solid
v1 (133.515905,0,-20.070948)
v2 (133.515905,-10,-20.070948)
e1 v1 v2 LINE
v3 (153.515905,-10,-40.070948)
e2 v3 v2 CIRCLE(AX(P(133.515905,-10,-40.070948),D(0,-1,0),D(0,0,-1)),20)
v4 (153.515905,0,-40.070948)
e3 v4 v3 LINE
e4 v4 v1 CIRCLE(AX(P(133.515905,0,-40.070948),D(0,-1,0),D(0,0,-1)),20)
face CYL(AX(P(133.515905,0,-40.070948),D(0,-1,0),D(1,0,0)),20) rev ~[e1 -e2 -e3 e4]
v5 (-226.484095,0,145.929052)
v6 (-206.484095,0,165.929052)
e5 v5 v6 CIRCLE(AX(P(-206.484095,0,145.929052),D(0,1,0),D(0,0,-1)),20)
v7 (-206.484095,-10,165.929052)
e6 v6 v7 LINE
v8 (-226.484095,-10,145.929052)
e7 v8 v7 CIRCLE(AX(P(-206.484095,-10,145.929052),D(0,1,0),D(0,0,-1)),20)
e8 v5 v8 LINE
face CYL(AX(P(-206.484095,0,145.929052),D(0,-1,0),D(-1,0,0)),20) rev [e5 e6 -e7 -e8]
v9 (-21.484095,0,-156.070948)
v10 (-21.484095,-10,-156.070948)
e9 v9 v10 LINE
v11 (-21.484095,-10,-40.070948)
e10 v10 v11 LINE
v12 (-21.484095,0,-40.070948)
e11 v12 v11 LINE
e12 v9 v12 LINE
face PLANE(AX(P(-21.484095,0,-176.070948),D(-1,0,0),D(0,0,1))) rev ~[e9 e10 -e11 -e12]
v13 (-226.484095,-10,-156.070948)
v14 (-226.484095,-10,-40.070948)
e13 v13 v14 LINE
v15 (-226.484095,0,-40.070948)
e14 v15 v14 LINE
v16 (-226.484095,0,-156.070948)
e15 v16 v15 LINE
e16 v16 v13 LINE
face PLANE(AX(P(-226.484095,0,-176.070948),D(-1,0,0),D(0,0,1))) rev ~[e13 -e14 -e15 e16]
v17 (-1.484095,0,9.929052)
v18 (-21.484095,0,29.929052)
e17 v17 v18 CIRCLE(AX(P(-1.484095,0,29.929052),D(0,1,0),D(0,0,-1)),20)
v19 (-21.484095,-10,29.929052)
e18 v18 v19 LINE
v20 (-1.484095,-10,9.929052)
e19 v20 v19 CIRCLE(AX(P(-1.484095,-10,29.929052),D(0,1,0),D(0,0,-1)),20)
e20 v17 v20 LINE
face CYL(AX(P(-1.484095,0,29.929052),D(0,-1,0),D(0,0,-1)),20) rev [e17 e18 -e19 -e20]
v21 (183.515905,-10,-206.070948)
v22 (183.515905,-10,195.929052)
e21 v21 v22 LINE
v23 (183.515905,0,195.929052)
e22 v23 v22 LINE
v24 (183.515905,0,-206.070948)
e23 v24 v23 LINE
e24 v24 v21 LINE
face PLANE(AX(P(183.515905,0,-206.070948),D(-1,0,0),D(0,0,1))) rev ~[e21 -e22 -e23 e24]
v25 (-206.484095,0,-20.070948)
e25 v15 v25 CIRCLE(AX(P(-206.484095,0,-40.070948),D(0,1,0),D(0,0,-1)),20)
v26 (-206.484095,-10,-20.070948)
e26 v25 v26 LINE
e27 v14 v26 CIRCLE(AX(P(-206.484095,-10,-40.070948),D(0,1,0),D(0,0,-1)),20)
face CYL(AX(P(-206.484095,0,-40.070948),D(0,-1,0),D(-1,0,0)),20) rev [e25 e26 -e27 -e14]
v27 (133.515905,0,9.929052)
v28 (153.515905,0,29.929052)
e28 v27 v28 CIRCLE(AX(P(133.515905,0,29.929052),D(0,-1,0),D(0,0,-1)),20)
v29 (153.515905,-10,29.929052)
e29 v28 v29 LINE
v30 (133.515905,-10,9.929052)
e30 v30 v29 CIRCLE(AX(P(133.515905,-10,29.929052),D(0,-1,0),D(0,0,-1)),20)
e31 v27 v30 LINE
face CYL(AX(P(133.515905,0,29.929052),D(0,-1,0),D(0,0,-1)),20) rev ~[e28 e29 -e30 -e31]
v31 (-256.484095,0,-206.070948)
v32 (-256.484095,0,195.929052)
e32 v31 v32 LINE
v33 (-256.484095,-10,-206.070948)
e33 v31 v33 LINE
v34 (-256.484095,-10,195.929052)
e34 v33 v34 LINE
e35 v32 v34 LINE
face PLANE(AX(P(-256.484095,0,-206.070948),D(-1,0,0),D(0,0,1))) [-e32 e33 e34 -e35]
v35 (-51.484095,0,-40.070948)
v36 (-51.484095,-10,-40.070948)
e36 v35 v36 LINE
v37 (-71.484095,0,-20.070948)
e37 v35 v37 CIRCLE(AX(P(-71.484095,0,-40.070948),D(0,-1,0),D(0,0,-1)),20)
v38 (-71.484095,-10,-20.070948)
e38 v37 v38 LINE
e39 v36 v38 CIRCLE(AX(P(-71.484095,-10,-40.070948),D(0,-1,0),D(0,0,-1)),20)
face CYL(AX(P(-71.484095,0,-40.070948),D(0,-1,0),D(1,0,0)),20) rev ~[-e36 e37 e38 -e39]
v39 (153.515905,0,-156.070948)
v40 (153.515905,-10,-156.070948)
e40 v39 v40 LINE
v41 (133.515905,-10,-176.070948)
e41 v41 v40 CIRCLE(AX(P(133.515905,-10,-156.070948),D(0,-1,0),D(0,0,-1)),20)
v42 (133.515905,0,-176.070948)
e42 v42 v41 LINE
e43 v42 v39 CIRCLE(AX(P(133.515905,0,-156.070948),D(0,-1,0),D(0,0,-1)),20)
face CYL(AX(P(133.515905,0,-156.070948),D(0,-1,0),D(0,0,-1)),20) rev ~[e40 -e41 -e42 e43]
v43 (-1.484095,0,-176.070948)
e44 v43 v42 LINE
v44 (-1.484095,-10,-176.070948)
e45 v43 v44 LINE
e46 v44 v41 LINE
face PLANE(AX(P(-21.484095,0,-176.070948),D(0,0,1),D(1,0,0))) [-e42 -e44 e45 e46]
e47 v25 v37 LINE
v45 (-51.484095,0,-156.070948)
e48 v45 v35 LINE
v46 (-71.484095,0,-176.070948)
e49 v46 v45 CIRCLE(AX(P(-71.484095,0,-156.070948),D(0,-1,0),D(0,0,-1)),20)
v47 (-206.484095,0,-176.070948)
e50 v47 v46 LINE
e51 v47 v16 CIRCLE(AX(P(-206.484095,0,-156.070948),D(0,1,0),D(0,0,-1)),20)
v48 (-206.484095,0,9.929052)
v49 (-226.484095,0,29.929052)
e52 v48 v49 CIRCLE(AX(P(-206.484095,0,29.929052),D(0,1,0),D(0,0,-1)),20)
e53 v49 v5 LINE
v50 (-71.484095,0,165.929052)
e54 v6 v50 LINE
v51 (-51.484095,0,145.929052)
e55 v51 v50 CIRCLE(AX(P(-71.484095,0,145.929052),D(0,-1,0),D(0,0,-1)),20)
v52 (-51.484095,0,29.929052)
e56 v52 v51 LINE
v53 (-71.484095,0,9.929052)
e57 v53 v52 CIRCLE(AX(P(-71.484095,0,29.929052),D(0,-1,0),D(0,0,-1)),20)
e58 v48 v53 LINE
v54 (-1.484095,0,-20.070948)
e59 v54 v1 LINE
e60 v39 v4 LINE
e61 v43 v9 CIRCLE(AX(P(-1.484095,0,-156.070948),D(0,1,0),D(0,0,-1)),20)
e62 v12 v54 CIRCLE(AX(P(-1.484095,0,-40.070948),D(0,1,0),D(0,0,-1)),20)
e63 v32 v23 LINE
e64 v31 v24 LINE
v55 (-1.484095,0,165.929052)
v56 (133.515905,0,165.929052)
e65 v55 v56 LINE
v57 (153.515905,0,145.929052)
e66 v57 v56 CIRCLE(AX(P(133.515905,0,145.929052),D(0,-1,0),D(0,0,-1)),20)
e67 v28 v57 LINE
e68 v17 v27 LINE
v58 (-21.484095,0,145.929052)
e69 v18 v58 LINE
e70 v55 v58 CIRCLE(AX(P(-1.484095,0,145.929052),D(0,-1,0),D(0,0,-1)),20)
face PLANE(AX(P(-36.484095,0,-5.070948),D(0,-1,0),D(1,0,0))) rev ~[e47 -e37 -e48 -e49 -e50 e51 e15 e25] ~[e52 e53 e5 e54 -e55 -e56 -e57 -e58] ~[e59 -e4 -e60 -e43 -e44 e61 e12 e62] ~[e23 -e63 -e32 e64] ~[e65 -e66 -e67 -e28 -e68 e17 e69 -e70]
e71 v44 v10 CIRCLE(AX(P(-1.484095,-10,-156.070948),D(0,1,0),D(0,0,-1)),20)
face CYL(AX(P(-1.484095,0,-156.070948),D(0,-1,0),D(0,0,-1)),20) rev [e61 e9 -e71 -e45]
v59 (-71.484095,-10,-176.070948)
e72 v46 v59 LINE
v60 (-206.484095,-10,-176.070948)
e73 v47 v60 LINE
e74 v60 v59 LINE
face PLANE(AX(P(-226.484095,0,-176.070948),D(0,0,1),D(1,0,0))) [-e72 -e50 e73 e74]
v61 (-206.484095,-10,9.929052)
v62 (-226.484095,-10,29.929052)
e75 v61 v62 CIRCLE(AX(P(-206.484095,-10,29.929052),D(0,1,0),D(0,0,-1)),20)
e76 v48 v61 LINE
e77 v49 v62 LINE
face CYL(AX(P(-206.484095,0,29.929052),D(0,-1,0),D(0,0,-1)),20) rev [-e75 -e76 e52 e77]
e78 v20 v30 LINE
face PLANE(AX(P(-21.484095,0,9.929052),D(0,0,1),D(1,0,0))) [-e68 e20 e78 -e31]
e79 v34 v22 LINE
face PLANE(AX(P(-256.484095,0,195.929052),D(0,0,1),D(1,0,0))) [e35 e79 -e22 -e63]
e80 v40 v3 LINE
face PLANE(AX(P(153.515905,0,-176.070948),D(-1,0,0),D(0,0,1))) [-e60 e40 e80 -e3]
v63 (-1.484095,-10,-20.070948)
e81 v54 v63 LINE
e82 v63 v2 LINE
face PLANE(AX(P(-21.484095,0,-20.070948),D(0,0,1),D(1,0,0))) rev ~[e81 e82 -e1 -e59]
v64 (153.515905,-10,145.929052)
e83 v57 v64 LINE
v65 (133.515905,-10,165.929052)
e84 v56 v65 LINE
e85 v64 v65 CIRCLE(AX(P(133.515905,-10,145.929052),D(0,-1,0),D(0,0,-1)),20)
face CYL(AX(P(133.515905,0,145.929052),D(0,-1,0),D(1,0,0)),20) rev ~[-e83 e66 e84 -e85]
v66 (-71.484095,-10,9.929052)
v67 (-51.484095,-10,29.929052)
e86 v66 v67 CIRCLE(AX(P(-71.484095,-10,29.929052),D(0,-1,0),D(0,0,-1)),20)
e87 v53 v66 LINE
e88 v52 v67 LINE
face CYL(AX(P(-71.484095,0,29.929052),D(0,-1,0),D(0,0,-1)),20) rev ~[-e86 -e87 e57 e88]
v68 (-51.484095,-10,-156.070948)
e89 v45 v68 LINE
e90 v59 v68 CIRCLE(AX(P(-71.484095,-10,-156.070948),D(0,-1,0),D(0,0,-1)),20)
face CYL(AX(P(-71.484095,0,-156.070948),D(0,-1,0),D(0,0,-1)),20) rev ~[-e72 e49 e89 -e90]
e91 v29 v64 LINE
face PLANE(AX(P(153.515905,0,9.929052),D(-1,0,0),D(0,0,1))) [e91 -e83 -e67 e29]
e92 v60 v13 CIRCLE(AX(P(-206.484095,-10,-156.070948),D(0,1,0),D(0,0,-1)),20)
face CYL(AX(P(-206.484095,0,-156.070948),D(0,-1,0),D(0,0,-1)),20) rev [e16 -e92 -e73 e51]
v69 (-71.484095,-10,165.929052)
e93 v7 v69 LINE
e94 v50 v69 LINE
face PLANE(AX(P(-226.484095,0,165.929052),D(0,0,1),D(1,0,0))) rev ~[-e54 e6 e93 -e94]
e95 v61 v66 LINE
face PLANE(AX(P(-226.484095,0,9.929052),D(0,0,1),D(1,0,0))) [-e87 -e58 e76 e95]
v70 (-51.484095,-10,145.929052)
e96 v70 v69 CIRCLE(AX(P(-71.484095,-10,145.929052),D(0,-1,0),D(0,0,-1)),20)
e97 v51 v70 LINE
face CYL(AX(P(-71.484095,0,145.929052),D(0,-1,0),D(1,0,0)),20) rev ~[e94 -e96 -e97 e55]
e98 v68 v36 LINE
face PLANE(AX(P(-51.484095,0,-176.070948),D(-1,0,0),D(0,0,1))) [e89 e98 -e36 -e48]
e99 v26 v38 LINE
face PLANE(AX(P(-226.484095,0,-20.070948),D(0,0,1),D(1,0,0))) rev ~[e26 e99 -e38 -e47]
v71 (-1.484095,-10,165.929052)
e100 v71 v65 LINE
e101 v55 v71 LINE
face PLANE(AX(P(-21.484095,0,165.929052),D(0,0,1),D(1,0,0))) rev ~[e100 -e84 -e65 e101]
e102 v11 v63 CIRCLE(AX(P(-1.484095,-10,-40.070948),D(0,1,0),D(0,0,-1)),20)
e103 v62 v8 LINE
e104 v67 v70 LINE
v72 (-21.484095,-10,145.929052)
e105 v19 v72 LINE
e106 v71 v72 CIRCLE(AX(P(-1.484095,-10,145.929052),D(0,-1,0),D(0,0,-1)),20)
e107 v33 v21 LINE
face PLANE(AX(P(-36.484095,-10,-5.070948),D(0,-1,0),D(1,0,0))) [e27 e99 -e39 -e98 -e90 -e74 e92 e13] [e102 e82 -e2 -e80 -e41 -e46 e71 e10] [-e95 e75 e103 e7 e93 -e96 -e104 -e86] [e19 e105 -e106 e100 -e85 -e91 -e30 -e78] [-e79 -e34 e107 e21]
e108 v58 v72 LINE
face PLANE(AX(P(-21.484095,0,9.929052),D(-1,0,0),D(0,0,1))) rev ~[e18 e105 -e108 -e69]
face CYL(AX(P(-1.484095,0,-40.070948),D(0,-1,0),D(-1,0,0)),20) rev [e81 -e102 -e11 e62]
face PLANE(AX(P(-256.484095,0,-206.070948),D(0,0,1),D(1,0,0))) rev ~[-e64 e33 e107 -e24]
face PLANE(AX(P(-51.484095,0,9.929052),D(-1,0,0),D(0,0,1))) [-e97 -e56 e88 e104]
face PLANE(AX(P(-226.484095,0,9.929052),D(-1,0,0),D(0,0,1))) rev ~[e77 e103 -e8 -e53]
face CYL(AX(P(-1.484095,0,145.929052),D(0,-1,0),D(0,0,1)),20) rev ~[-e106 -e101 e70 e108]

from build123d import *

# Parameters (mm, degrees)
F0_W     = 440
F0_H     = 402
F0_W_2   = 175
F0_H_2   = 156
F1_DEPTH = 10
F2_R     = 20


with BuildPart() as f1:
    # F0 (on Front) → F1 (new body)
    with BuildSketch(Plane.XZ):
        with Locations((-36.484095, -5.070948)):
            Rectangle(F0_W, F0_H)
        with Locations((-138.984095, -98.070948)):
            Rectangle(F0_W_2, F0_H_2, mode=Mode.SUBTRACT)
        with Locations((66.015905, -98.070948)):
            Rectangle(F0_W_2, F0_H_2, mode=Mode.SUBTRACT)
        with Locations((-138.984095, 87.929052)):
            Rectangle(F0_W_2, F0_H_2, mode=Mode.SUBTRACT)
        with Locations((66.015905, 87.929052)):
            Rectangle(F0_W_2, F0_H_2, mode=Mode.SUBTRACT)
    extrude(amount=F1_DEPTH)

    # F2
    f2_edges = [f1.edges().sort_by_distance(p)[0] for p in [
        (153.515905, -5, 165.929052),
        (-21.484095, -5, 165.929052),
        (-226.484095, -5, 165.929052),
        (-226.484095, -5, -20.070948),
        (-21.484095, -5, -20.070948),
        (-51.484095, -5, 165.929052),
        (-51.484095, -5, 9.929052),
        (-51.484095, -5, -176.070948),
        (153.515905, -5, -176.070948),
        (153.515905, -5, 9.929052),
        (-226.484095, -5, -176.070948),
        (-226.484095, -5, 9.929052),
        (-21.484095, -5, -176.070948),
        (-21.484095, -5, 9.929052),
        (-51.484095, -5, -20.070948),
        (153.515905, -5, -20.070948),
    ]]
    fillet(f2_edges, radius=F2_R)


solid = f1.part
